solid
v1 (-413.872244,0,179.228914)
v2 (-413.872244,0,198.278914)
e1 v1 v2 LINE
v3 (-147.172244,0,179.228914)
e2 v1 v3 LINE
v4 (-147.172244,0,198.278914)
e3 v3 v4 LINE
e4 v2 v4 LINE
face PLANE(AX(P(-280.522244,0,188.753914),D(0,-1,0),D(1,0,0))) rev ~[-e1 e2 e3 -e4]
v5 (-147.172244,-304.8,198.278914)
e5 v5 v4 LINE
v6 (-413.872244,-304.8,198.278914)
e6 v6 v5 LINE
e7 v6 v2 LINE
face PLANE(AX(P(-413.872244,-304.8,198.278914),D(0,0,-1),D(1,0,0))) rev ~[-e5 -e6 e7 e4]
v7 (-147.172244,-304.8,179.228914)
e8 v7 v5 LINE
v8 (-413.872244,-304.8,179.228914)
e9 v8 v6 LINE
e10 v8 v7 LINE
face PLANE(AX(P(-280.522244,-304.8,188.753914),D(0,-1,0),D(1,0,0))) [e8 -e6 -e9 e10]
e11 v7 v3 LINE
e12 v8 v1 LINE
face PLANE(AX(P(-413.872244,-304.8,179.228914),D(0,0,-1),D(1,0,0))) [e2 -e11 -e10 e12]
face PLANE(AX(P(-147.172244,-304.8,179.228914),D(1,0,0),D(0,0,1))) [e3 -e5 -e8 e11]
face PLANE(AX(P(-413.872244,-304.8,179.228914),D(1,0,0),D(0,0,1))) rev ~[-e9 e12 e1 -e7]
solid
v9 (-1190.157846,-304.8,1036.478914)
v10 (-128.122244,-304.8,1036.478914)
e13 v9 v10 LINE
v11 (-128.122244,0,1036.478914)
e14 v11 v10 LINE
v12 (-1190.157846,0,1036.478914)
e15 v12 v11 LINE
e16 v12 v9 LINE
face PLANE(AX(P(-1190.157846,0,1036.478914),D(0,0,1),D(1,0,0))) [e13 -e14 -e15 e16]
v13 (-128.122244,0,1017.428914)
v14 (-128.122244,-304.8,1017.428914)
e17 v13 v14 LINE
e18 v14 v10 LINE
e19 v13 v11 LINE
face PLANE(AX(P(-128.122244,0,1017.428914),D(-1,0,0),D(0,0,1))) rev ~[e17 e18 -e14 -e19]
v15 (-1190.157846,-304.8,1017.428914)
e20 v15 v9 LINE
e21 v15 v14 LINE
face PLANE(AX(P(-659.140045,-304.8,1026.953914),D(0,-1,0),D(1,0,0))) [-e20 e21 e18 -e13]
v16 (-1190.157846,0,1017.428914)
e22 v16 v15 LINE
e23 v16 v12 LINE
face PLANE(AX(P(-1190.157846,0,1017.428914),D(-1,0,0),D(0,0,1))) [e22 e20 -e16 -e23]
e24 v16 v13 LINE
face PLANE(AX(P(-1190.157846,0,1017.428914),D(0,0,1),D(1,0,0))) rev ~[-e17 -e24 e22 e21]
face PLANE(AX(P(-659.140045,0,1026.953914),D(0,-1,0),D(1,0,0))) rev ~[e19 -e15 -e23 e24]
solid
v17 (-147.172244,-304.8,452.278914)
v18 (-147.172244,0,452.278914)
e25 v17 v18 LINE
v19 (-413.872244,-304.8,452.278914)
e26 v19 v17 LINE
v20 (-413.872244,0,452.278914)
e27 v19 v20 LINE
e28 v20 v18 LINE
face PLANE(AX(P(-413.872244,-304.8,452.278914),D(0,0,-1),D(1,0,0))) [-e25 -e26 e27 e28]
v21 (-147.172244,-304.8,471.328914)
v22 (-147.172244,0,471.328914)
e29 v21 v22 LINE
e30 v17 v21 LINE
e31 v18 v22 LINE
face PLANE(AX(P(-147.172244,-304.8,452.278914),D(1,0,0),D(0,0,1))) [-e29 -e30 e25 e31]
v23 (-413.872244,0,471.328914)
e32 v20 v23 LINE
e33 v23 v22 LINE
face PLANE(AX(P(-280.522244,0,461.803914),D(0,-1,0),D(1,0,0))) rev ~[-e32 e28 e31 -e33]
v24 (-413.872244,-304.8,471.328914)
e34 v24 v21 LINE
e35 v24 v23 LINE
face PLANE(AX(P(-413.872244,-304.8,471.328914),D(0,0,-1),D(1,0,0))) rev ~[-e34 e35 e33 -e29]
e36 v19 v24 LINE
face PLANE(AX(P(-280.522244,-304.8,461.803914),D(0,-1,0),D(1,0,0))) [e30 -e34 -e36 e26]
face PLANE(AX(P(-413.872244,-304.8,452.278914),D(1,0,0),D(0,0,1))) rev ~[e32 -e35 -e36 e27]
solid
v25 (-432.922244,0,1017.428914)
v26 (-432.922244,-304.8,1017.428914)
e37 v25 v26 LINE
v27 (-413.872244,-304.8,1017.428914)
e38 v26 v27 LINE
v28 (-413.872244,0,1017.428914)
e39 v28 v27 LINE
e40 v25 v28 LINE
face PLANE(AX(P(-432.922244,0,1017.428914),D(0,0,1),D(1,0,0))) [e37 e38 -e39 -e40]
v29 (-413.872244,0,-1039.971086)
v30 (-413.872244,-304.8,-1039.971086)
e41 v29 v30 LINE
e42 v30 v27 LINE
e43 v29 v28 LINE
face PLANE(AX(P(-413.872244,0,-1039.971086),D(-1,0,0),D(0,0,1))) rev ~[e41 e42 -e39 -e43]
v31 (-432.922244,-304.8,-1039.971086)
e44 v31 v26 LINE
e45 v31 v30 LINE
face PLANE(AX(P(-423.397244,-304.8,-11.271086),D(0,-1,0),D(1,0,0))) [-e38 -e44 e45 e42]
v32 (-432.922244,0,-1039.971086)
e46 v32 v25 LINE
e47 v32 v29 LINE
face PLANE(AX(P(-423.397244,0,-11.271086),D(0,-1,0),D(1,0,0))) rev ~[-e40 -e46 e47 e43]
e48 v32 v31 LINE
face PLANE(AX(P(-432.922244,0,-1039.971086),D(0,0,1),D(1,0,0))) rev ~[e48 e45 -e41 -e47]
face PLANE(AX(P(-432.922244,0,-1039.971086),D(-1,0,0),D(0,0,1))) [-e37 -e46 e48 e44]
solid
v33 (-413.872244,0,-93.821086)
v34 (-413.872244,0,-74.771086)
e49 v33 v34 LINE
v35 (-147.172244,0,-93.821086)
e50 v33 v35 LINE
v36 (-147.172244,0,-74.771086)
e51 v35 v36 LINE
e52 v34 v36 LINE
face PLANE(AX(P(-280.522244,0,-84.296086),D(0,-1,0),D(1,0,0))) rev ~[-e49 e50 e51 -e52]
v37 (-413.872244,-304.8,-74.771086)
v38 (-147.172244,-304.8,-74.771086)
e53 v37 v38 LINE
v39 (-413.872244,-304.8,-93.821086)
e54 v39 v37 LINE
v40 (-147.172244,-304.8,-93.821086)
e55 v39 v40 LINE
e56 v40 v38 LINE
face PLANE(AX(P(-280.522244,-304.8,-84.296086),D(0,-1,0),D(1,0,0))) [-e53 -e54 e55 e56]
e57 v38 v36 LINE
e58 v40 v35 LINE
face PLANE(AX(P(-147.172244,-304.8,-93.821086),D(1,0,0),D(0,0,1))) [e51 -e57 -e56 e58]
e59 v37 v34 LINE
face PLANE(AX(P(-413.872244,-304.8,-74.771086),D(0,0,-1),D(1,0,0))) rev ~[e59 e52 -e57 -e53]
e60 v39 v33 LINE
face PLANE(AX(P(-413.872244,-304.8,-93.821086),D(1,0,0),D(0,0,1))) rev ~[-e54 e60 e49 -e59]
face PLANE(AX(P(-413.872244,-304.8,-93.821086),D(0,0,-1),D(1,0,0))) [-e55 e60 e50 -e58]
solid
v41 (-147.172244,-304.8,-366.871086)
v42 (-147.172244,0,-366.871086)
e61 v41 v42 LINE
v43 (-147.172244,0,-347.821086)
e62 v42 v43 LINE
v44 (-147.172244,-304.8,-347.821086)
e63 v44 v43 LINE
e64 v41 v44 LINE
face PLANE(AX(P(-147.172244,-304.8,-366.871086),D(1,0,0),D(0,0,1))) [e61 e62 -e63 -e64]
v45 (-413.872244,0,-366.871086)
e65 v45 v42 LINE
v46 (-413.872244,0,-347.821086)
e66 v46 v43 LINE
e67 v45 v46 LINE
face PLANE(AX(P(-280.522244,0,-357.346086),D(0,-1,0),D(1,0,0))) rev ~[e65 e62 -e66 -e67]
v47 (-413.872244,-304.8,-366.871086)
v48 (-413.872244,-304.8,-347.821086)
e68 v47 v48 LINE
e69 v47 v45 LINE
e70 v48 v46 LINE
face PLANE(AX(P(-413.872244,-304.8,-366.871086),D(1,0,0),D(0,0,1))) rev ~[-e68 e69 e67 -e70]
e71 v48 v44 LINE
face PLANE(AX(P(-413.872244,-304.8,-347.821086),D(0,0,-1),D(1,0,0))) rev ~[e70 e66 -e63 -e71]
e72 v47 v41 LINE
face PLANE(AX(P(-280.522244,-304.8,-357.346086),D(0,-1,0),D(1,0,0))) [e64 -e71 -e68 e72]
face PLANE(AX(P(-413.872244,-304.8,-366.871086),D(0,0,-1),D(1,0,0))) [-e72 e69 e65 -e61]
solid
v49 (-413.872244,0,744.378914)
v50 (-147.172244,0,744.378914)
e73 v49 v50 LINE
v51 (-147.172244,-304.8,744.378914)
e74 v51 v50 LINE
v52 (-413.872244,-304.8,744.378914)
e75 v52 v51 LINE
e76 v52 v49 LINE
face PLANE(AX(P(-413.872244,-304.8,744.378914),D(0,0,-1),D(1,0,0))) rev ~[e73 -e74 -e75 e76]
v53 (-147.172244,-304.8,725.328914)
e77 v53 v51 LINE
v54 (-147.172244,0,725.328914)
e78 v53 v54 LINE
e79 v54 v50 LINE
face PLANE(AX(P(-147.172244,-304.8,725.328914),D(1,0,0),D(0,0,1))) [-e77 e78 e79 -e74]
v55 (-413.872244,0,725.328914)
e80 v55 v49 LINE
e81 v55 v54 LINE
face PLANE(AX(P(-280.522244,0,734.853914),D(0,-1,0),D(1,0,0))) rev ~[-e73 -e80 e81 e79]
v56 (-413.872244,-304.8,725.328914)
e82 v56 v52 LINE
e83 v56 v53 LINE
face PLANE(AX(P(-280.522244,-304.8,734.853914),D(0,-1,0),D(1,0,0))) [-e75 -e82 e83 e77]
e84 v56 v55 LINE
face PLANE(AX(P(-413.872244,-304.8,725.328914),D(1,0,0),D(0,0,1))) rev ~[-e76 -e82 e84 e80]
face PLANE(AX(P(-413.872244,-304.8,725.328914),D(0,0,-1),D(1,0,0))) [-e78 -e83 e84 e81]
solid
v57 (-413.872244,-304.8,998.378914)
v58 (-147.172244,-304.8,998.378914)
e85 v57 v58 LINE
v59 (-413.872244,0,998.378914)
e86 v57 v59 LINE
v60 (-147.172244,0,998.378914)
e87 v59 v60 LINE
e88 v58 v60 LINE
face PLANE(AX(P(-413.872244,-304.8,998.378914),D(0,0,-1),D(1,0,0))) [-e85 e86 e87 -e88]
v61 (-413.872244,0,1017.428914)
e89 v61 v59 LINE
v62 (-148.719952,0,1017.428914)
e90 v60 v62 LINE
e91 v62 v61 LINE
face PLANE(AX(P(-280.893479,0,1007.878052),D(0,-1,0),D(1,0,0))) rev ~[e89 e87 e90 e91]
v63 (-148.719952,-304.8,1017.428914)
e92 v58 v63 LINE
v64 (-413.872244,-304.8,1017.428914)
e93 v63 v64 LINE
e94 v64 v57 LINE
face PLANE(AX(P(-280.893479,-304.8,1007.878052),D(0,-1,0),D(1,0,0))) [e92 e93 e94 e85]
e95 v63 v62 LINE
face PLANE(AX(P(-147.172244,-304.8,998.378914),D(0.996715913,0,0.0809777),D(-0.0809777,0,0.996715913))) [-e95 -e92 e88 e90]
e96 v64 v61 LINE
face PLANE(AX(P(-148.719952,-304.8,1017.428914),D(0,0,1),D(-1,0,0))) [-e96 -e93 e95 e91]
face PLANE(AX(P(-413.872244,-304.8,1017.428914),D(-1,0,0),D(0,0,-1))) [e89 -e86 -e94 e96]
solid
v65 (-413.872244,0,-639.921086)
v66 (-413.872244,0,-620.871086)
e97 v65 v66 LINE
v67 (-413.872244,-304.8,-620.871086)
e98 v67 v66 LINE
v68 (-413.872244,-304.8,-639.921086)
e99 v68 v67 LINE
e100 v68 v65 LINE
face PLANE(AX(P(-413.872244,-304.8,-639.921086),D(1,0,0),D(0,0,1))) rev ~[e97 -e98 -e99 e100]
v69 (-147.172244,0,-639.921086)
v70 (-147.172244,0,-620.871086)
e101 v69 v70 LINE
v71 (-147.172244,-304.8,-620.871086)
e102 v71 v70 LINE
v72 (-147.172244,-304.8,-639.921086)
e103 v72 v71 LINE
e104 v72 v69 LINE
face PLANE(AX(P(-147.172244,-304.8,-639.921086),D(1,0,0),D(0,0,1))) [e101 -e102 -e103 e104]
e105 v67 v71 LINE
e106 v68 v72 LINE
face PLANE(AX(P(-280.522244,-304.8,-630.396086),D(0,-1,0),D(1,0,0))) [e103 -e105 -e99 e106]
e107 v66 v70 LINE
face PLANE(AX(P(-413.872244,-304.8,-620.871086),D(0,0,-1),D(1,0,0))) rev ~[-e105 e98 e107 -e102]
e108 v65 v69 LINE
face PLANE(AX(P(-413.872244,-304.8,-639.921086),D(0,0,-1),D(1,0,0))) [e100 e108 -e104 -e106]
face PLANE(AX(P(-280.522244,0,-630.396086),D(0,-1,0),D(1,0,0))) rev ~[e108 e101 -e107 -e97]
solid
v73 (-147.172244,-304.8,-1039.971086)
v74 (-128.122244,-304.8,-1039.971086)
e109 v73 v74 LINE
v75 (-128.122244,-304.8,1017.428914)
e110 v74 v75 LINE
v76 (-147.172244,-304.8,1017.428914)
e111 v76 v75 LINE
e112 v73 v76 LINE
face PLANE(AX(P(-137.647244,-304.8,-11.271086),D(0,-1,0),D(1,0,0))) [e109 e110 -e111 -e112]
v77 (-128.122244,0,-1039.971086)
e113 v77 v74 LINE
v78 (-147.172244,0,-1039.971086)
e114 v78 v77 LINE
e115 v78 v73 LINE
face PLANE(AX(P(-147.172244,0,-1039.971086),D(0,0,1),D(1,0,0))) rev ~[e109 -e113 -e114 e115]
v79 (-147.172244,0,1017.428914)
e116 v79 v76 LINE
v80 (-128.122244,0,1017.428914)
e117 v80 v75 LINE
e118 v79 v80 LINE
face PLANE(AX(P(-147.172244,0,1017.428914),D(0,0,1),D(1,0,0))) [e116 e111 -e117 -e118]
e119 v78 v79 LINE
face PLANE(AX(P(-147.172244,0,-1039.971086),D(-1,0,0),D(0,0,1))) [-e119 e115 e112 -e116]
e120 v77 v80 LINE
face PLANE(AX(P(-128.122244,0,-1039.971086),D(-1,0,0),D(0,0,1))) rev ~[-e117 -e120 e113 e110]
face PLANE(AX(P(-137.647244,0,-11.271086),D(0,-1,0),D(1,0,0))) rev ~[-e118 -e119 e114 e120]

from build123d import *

# Parameters (mm, degrees)
F0_W     = 19.05
F0_H     = 2057.4
F1_DEPTH = 304.8
F2_W     = 266.7
F2_H     = 19.05
F3_DEPTH = 304.8
F4_W     = 1062.035602
F4_H     = 19.05
F5_DEPTH = 304.8


with BuildPart() as f1:
    # F0 (on Front) → F1 (new body)
    with BuildSketch(Plane.XZ):
        with Locations((-423.397244, -11.271086)):
            Rectangle(F0_W, F0_H)
        with Locations((-137.647244, -11.271086)):
            Rectangle(F0_W, F0_H)
    extrude(amount=F1_DEPTH)


with BuildPart() as f3:
    # F2 (on face) → F3 (new body)
    with BuildSketch(Plane.XZ.offset(304.8)):
        with Locations((-280.522244, -630.396086)):
            Rectangle(F2_W, F2_H)
        with Locations((-280.522244, -357.346086)):
            Rectangle(F2_W, F2_H)
        with Locations((-280.522244, -84.296086)):
            Rectangle(F2_W, F2_H)
        with Locations((-280.522244, 188.753914)):
            Rectangle(F2_W, F2_H)
        with Locations((-280.522244, 461.803914)):
            Rectangle(F2_W, F2_H)
        with Locations((-280.522244, 734.853914)):
            Rectangle(F2_W, F2_H)
        Polygon((-148.719952, 1017.428914), (-413.872244, 1017.428914), (-413.872244, 998.378914), (-147.172244, 998.378914), align=None)
    extrude(amount=-F3_DEPTH)


with BuildPart() as f5:
    # F4 (on Front) → F5 (new body)
    with BuildSketch(Plane.XZ):
        with Locations((-659.140045, 1026.953914)):
            Rectangle(F4_W, F4_H)
    extrude(amount=F5_DEPTH)


solid = Compound([f1.part, f3.part, f5.part])
